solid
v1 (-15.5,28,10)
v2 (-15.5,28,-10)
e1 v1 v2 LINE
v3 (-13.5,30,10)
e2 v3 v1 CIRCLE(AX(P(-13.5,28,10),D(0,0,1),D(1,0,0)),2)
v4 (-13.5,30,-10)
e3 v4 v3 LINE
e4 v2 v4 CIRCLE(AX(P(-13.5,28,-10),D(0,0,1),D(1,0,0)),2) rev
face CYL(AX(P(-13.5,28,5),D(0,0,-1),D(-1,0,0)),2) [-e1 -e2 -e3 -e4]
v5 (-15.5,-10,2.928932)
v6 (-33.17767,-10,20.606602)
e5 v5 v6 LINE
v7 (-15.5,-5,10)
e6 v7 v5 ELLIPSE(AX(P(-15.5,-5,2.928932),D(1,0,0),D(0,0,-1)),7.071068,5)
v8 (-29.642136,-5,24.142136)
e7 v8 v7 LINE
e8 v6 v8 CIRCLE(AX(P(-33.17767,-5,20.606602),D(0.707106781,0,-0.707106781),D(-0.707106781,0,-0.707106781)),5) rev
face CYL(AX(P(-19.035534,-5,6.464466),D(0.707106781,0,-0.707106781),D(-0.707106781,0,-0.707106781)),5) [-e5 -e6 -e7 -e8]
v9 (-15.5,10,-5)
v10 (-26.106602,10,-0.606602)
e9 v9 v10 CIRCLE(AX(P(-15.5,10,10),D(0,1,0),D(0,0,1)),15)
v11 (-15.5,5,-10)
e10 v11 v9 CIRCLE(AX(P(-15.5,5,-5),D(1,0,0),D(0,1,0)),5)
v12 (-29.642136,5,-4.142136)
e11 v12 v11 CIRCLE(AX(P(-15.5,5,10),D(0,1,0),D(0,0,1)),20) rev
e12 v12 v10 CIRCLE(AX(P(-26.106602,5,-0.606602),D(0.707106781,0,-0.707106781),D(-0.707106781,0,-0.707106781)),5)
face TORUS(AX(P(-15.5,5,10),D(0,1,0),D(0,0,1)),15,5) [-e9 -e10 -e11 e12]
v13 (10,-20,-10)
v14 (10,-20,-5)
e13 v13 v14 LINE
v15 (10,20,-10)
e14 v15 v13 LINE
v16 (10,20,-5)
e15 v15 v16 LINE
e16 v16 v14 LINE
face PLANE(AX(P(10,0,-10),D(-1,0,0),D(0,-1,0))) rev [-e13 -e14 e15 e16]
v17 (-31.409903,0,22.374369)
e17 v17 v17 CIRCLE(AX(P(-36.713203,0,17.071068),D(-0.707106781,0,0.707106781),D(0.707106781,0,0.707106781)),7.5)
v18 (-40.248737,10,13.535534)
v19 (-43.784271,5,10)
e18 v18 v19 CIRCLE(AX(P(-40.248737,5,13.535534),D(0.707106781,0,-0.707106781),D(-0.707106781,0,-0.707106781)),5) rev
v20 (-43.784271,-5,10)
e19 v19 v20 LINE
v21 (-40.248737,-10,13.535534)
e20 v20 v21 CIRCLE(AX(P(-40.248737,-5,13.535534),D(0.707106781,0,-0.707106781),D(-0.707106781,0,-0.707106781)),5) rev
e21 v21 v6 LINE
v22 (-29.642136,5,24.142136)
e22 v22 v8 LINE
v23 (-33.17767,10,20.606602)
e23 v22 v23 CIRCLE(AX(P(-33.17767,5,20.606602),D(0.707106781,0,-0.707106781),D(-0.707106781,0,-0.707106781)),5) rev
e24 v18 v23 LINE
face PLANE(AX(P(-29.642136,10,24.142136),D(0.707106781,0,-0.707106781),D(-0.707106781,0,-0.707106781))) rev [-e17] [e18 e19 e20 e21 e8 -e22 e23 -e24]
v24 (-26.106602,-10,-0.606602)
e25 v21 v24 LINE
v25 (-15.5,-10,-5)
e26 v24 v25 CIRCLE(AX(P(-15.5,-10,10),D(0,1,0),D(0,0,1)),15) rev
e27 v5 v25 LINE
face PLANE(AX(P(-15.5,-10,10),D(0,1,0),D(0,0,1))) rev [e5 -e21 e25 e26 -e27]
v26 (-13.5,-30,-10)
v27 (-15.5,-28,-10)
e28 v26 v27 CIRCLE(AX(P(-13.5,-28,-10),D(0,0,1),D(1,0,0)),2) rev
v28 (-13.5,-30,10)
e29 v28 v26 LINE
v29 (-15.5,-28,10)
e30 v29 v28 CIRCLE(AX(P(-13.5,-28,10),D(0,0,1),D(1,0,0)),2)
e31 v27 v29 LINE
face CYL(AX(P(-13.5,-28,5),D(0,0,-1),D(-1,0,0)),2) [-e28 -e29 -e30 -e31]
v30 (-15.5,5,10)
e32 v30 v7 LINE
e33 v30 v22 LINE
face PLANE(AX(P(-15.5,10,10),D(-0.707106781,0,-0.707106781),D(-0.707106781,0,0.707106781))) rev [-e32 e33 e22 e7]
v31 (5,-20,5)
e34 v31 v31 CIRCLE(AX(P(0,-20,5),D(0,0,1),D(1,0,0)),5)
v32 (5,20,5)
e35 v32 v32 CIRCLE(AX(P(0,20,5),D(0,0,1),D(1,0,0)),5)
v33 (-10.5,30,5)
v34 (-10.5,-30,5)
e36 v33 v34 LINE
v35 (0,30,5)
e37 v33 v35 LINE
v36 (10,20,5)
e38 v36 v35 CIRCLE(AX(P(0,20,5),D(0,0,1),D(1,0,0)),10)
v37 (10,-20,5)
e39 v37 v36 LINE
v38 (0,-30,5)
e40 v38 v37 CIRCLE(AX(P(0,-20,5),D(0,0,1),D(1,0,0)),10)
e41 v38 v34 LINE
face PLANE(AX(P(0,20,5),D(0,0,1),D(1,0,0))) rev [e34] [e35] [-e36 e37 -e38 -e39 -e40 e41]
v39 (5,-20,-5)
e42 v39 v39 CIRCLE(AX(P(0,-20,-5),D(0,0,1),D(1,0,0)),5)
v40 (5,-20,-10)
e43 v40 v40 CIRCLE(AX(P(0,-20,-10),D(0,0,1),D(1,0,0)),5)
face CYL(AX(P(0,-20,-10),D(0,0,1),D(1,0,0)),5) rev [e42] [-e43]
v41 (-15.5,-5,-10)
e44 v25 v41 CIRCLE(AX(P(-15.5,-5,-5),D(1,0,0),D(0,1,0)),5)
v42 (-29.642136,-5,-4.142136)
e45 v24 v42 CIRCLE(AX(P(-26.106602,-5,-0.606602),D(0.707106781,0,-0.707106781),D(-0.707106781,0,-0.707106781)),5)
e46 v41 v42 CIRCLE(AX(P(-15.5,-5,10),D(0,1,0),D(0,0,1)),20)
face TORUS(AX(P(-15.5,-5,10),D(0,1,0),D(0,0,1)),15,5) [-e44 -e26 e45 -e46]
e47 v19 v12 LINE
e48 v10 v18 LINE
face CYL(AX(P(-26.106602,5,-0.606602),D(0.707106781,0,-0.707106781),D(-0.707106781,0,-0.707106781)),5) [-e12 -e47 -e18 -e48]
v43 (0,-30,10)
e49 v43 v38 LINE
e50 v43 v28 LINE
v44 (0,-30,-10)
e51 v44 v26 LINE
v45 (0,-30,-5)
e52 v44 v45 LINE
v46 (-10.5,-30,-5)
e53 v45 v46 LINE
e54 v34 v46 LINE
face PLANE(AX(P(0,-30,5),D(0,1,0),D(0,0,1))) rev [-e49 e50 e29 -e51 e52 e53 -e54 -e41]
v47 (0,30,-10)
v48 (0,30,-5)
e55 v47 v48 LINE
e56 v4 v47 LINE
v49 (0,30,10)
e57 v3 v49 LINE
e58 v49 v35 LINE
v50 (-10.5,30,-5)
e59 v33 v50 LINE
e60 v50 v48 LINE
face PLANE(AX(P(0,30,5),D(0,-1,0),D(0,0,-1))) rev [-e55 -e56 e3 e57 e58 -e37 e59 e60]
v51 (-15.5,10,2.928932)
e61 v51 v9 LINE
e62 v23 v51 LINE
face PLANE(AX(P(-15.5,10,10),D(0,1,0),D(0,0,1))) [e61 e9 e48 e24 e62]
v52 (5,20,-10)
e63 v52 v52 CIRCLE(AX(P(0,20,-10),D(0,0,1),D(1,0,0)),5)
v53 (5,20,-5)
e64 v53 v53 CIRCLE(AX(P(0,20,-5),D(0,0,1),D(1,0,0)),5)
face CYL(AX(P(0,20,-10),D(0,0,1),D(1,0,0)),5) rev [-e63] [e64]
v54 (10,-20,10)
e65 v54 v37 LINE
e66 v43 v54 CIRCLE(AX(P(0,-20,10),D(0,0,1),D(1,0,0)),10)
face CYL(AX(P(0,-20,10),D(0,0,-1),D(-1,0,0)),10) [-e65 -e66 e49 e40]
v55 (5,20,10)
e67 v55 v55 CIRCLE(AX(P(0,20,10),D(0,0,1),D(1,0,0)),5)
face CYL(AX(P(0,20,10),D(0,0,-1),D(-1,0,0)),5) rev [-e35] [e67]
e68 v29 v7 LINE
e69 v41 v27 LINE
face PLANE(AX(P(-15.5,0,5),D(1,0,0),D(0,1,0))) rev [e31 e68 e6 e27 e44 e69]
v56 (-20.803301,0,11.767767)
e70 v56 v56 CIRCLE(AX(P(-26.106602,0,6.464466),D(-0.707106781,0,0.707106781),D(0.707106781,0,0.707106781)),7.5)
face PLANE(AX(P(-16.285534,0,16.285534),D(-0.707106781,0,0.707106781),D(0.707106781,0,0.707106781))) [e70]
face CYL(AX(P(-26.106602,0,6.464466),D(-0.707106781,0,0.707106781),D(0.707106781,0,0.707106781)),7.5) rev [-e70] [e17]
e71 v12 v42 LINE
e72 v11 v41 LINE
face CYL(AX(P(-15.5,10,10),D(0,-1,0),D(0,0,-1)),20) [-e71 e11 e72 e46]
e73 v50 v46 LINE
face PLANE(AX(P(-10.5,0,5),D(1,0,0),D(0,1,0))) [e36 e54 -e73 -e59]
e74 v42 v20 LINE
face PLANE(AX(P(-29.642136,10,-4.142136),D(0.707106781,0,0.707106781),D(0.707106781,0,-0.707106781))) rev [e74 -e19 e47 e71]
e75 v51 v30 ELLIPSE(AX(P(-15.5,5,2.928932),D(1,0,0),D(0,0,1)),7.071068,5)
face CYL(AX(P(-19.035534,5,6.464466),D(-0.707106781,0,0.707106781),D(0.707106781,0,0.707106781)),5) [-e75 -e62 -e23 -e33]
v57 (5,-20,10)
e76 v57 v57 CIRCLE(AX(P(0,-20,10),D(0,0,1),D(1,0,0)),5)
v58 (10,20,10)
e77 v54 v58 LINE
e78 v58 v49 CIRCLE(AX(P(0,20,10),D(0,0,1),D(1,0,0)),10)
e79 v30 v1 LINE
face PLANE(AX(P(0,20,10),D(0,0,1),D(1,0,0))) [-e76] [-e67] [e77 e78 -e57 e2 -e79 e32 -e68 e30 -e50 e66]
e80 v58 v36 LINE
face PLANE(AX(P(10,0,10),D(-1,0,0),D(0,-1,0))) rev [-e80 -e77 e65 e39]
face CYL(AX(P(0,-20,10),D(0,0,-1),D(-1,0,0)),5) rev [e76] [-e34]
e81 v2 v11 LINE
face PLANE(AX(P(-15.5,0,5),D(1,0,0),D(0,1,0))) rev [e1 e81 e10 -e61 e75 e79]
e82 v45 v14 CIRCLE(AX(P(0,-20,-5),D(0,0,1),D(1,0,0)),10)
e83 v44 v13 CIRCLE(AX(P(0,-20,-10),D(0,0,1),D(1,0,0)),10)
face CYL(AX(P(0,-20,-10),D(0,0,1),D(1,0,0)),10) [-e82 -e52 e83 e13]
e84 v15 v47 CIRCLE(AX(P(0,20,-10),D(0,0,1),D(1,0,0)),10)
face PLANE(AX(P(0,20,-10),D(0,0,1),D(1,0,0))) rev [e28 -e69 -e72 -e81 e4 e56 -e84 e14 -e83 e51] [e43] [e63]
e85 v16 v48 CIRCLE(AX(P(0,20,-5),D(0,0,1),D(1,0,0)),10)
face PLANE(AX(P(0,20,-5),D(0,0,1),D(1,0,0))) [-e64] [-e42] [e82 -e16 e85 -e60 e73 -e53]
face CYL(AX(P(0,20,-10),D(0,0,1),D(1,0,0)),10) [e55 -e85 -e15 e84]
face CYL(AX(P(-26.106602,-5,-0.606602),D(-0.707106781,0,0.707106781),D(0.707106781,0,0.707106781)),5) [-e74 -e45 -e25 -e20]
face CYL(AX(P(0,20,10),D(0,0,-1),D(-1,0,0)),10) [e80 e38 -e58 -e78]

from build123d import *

# Parameters (mm, degrees)
SKETCH1_W           = 5
SKETCH1_H           = 60
BOSS_EXTRUDE1_DEPTH = 5
BOSS_EXTRUDE2_START = 5
SKETCH1_3_R         = 5
SKETCH1_3_W         = 5
SKETCH1_3_H         = 60
BOSS_EXTRUDE2_DEPTH = 5
BOSS_EXTRUDE3_START = -5
SKETCH1_4_R         = 5
SKETCH1_4_W         = 5
SKETCH1_4_H         = 60
BOSS_EXTRUDE3_DEPTH = 5
BOSS_EXTRUDE4_DEPTH = 10
FILLET3_R           = 5
FILLET2_R           = 2
SKETCH4_R           = 7.5
CUT_EXTRUDE1_DEPTH  = 15


with BuildPart() as part:
    # Sketch1 → Boss-Extrude1 (new body, symmetric)
    with BuildSketch(Plane.XY):
        with Locations((-13, 0)):
            Rectangle(SKETCH1_W, SKETCH1_H)
    extrude(amount=BOSS_EXTRUDE1_DEPTH, both=True)

    # Sketch1<3> → Boss-Extrude2 (add)
    with BuildSketch(Plane.XY.offset(BOSS_EXTRUDE2_START)):
        with BuildLine():
            Line((0, 30), (-10.5, 30))
            Line((-10.5, 30), (-10.5, -30))
            Line((-10.5, -30), (0, -30))
            ThreePointArc((0, -30), (7.071067812, -27.071067812), (10, -20))
            Line((10, -20), (10, 20))
            ThreePointArc((10, 20), (7.071067812, 27.071067812), (0, 30))
        make_face()
        with Locations((0, -20)):
            Circle(SKETCH1_3_R, mode=Mode.SUBTRACT)
        with Locations((0, 20)):
            Circle(SKETCH1_3_R, mode=Mode.SUBTRACT)
        with Locations((-13, 0)):
            Rectangle(SKETCH1_3_W, SKETCH1_3_H)
    extrude(amount=BOSS_EXTRUDE2_DEPTH)

    # Sketch1<4> → Boss-Extrude3 (add)
    with BuildSketch(Plane.XY.offset(BOSS_EXTRUDE3_START)):
        with BuildLine():
            Line((0, 30), (-10.5, 30))
            Line((-10.5, 30), (-10.5, -30))
            Line((-10.5, -30), (0, -30))
            ThreePointArc((0, -30), (7.071067812, -27.071067812), (10, -20))
            Line((10, -20), (10, 20))
            ThreePointArc((10, 20), (7.071067812, 27.071067812), (0, 30))
        make_face()
        with Locations((0, -20)):
            Circle(SKETCH1_4_R, mode=Mode.SUBTRACT)
        with Locations((0, 20)):
            Circle(SKETCH1_4_R, mode=Mode.SUBTRACT)
        with Locations((-13, 0)):
            Rectangle(SKETCH1_4_W, SKETCH1_4_H)
    extrude(amount=-BOSS_EXTRUDE3_DEPTH)

    # Sketch3 → Boss-Extrude4 (add, symmetric)
    with BuildSketch(Plane(origin=(0, 0, 0), x_dir=(1, 0, 0), z_dir=(0, 1, 0))):
        with BuildLine():
            Line((-15.5, -10), (-15.5, 10))
            ThreePointArc((-15.5, 10), (-23.153668647, 8.47759065), (-29.642135624, 4.142135624))
            Line((-29.642135624, 4.142135624), (-43.784271247, -10))
            Line((-43.784271247, -10), (-29.642135624, -24.142135624))
            Line((-29.642135624, -24.142135624), (-15.5, -10))
        make_face()
    extrude(amount=BOSS_EXTRUDE4_DEPTH, both=True)

    # Fillet3
    fillet3_edges = [part.edges().sort_by_distance(p)[0] for p in [
        (-22.571067812, -10, 17.071067812),
        (-23.153668647, -10, -8.47759065),
        (-36.713203436, -10, 2.928932188),
        (-22.571067812, 10, 17.071067812),
        (-23.153668647, 10, -8.47759065),
        (-36.713203436, 10, 2.928932188),
    ]]
    fillet(fillet3_edges, radius=FILLET3_R)

    # Fillet2
    fillet2_edges = [part.edges().sort_by_distance(p)[0] for p in [
        (-15.5, 30, 0),
        (-15.5, -30, 0),
    ]]
    fillet(fillet2_edges, radius=FILLET2_R)

    # Sketch4 → Cut-Extrude1 (cut)
    with BuildSketch(Plane(origin=(-26.892135624, 0, 26.892135624), x_dir=(0.707106781, 0, 0.707106781), z_dir=(-0.707106781, 0, 0.707106781))):
        with Locations((-13.889087297, 0)):
            Circle(SKETCH4_R)
    extrude(amount=-CUT_EXTRUDE1_DEPTH, mode=Mode.SUBTRACT)


solid = part.part
